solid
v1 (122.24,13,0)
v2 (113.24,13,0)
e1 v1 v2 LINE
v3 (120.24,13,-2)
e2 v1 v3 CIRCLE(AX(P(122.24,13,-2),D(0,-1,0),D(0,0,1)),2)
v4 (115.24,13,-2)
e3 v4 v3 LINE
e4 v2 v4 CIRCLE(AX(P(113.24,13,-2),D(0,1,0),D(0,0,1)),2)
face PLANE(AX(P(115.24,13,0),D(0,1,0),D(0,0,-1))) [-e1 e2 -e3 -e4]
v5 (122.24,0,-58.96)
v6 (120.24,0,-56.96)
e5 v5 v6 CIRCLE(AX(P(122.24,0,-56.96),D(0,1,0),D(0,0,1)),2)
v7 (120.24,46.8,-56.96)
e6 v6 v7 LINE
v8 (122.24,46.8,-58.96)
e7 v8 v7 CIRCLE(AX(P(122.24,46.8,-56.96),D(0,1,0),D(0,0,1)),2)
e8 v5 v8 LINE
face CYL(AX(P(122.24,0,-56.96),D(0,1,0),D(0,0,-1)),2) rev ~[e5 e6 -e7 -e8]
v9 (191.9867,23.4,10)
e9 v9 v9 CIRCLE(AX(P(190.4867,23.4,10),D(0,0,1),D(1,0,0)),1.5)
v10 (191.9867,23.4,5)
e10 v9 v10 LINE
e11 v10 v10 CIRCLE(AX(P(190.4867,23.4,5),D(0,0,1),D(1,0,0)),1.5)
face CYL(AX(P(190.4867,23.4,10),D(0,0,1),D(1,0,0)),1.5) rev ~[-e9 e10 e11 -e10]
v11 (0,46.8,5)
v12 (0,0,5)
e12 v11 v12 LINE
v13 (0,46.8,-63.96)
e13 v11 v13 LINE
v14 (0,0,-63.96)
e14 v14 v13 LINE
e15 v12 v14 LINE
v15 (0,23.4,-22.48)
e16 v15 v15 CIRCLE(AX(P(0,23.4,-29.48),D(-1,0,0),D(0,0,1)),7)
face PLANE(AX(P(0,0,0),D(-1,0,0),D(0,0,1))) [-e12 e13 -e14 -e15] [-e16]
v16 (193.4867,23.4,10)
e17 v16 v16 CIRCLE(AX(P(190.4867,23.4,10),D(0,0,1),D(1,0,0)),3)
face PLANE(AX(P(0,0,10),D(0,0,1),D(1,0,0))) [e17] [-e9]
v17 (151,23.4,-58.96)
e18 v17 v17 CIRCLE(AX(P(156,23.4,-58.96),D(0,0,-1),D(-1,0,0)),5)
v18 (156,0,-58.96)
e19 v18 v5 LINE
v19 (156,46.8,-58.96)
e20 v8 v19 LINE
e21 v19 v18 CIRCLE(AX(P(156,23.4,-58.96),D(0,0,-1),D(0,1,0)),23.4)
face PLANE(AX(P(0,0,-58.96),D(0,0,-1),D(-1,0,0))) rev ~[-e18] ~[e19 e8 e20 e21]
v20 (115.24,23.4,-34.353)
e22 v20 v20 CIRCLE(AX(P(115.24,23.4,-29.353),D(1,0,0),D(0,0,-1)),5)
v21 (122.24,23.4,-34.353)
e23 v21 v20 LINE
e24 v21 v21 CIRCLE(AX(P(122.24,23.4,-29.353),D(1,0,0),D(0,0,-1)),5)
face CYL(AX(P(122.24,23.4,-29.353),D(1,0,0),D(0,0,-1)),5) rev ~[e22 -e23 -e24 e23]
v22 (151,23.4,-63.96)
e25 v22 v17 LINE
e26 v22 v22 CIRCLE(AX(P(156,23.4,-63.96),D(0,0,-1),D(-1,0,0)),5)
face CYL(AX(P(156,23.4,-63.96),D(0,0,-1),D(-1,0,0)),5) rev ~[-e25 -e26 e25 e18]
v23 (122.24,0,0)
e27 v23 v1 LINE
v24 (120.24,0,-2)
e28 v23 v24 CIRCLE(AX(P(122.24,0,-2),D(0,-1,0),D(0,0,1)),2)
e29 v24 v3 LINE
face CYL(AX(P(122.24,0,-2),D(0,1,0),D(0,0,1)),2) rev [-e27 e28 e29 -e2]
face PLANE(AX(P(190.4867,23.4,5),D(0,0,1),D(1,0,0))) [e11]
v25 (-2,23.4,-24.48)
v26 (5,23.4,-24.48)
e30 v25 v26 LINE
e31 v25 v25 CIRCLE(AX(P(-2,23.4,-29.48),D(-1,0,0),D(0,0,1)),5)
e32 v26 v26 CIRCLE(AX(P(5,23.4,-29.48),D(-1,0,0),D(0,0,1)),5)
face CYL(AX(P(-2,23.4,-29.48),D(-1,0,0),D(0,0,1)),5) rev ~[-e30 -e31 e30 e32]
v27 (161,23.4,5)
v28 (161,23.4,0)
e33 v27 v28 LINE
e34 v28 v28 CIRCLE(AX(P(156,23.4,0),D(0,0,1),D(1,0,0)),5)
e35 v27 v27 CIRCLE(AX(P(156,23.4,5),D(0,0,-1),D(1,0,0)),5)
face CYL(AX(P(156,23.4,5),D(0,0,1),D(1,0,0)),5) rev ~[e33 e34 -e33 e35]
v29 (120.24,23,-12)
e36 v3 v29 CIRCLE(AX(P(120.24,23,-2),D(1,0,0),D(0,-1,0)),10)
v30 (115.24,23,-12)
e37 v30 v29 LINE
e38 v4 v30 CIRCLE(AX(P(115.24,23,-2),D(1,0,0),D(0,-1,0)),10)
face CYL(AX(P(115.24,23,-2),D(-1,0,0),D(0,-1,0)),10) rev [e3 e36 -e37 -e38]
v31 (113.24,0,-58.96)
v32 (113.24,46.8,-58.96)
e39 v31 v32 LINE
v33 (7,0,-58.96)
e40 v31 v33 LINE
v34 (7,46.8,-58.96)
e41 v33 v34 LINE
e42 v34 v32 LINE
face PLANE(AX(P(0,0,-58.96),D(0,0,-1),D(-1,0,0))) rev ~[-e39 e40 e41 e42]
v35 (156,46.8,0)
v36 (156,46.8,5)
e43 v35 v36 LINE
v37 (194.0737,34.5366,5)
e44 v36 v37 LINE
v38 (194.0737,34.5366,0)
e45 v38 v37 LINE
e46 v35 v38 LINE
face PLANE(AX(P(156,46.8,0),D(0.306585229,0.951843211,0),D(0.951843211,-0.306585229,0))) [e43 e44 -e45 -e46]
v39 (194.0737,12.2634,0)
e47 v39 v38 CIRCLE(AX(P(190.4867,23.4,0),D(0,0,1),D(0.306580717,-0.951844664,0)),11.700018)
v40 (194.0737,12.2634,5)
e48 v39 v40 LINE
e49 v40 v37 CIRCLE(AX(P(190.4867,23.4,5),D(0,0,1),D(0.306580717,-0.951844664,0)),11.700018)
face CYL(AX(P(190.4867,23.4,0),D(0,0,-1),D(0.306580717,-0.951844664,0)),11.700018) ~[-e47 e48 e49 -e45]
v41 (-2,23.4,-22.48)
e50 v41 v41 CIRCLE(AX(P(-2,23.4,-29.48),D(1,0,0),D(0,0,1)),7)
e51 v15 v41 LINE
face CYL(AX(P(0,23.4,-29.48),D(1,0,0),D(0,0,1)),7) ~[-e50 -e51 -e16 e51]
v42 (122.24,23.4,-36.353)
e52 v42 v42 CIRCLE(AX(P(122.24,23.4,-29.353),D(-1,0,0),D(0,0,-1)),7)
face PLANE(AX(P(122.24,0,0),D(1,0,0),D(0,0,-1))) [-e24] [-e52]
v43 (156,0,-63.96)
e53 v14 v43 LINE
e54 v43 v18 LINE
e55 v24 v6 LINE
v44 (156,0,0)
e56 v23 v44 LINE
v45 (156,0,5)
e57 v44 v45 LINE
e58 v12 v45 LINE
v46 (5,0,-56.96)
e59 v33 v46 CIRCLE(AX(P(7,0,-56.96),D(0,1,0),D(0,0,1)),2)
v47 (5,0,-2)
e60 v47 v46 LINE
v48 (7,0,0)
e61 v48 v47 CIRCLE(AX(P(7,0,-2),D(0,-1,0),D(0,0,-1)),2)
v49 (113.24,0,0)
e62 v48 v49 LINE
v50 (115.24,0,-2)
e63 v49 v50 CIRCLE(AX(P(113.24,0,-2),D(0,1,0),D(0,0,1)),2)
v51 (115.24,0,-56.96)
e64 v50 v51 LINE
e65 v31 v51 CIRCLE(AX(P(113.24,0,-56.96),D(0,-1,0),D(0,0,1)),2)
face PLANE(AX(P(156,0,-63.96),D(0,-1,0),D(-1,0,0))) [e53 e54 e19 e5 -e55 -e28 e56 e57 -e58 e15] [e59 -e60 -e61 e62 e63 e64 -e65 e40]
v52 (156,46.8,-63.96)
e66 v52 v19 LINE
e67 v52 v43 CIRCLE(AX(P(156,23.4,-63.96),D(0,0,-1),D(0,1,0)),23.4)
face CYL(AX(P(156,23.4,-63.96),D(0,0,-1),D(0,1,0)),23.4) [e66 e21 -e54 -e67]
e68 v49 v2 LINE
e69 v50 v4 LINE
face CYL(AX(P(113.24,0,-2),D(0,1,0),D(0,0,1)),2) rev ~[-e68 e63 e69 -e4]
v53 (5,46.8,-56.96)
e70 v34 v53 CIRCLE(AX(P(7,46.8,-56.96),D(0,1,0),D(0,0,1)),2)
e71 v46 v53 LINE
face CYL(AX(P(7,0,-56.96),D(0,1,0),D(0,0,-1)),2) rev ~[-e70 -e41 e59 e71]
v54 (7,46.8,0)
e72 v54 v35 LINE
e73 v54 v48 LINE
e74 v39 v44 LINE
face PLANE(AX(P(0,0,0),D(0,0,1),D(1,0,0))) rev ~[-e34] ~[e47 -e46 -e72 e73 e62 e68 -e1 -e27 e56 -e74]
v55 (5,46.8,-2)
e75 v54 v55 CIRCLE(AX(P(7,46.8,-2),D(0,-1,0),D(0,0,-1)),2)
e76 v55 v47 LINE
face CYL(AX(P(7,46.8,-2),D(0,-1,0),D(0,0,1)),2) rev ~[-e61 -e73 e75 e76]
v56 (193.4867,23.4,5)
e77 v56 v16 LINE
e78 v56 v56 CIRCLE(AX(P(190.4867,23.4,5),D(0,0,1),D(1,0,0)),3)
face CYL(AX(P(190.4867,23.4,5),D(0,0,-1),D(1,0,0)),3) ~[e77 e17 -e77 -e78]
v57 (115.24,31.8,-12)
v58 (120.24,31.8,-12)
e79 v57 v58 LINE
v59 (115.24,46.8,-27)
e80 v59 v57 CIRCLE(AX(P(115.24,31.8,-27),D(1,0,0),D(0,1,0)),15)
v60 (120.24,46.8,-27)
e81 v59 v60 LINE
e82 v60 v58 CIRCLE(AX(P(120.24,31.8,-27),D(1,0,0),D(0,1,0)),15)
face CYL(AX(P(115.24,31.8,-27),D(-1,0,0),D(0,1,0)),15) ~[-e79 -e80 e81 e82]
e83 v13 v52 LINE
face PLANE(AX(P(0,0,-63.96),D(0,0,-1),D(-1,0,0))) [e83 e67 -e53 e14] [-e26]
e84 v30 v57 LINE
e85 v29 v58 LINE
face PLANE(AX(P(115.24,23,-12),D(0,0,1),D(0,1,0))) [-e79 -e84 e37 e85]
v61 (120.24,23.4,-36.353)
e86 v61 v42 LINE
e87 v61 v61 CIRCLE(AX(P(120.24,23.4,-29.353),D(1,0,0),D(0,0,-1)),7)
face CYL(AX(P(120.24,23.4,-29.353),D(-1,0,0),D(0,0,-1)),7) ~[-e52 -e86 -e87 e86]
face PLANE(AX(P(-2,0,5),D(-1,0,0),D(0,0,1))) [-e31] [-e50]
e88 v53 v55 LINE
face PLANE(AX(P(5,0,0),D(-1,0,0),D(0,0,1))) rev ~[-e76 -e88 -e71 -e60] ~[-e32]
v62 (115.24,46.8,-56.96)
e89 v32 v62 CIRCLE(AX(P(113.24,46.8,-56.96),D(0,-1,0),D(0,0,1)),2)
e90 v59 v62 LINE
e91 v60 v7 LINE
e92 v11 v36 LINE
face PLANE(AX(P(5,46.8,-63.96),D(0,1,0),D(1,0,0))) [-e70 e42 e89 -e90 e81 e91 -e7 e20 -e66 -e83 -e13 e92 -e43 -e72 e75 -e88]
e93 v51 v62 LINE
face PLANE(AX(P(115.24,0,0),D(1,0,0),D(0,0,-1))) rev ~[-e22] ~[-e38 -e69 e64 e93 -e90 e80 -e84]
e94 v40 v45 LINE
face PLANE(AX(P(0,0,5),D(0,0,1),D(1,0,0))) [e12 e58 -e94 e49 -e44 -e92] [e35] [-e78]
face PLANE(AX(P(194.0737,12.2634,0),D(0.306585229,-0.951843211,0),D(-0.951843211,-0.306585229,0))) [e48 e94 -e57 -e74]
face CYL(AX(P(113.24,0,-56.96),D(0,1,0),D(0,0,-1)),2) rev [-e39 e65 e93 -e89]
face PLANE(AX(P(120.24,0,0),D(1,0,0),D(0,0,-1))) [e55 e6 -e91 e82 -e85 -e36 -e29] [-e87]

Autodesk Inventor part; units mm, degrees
ref_plane "YZ Plane" through (0, 0, 0) normal (1, 0, 0) x (0, 1, 0)
ref_plane "XZ Plane" through (0, 0, 0) normal (0, 1, 0) x (-1, 0, 0)
ref_plane "XY Plane" through (0, 0, 0) normal (0, 0, 1) x (1, 0, 0)
sketch "Esquisse1" plane through (0, 0, 0) normal (0, 0, 1) x (1, 0, 0)
  point P0 (0, 0)
sketch "Esquisse2" plane through (0, 0, 0) normal (0, 0, 1) x (1, 0, 0)
  line L0 (0, 0) -> (156, 0)
  line L1 (0, 46.8) -> (0, 0)
  line L2 (194.0737, 12.2634) -> (156, 0)
  arc A0 (194.0737, 12.2634) -> (194.0737, 34.5366) centre (190.4867, 23.4) ccw
  line L3 (0, 46.8) -> (156, 46.8)
  line L4 (156, 46.8) -> (194.0737, 34.5366)
  dimension "d0" = 156
  dimension "d1" = 46.8
  dimension "d2" = 11.7
  dimension "d4" = 40
  dimension "d6" = 40
extrude "Extrusion1" add sketch "Esquisse2" along normal blind 5
sketch "Esquisse3" plane through (0, 0, 5) normal (0, 0, 1) x (1, 0, 0)
  line L0 (194.0737, 34.5366) -> (156, 46.8) projected
  line L1 (156, 46.8) -> (156, 0)
  circle A0 centre (156, 23.4) radius 5
  point P0 (0, 0)
  dimension "d11" = 23.4
  dimension "d12" = 10
extrude "Extrusion2" cut sketch "Esquisse3" against normal blind 5
sketch "Esquisse4" plane through (0, 0, 5) normal (0, 0, 1) x (1, 0, 0)
  point P0 (0, 0)
sketch "Esquisse5" plane through (0, 0, 5) normal (0, 0, 1) x (1, 0, 0)
  arc A0 (194.0737, 12.2634) -> (194.0737, 34.5366) centre (190.4867, 23.4) ccw projected
  circle A1 centre (190.4867, 23.4) radius 3
  point P0 (0, 0)
  point P1 (194.0737, 12.2634)
  dimension "d17" = 6
extrude "Extrusion3" add sketch "Esquisse5" along normal blind 5
sketch "Esquisse6" plane through (190.4867, 23.4, 10) normal (0, 0, 1) x (1, 0, 0)
  circle A0 centre (0, 0) radius 1.5
  point P0 (-190.4867, -23.4)
  dimension "d20" = 3
extrude "Extrusion4" cut sketch "Esquisse6" against normal blind 5
sketch "Esquisse7" plane through (0, 0, 0) normal (-1, 0, 0) x (0, 0, 1)
  line L0 (0, 0) -> (-63.96, 0)
  line L1 (-63.96, 0) -> (-63.96, 46.8)
  line L2 (-63.96, 46.8) -> (0, 46.8)
  line L3 (0, 46.8) -> (0, 0)
  dimension "d23" = 63.96
  dimension "d24" = 46.8
extrude "Extrusion5" add sketch "Esquisse7" against normal blind 5
sketch "Esquisse8" plane through (0, 0, 5) normal (-1, 0, 0) x (0, 0, 1)
  line L0 (-68.96, 46.8) -> (0, 46.8) projected
  line L1 (-68.96, 46.8) -> (0, 0)
  line L2 (0, 46.8) -> (-68.96, 0)
  circle A0 centre (-34.48, 23.4) radius 7
  point P0 (-5, 0)
  dimension "d27" = 14
extrude "Extrusion6" add sketch "Esquisse8" along normal blind 2 contours A0 L2 L1 | L1 L2 A0 | A0 L1 L2 | L1 A0 L2
sketch "Esquisse9" plane through (-2, 23.4, -29.48) normal (-1, 0, 0) x (0, 0, 1)
  circle A0 centre (0, 0) radius 5
  point P0 (29.48, -23.4)
  dimension "d30" = 10
extrude "Extrusion7" cut sketch "Esquisse9" against normal blind 7
sketch "Esquisse10" plane through (0, 0, -63.96) normal (0, 0, -1) x (-1, 0, 0)
  line L0 (-5, 0) -> (-5, 46.8) projected
  line L1 (-5, 46.8) -> (-156, 46.8)
  line L2 (-156, 0) -> (-5, 0)
  line L3 (-5, 0) -> (-5, 46.8)
  arc A0 (-156, 46.8) -> (-156, 0) centre (-156, 23.4) ccw
  point P0 (0, 0)
  dimension "d33" = 151
extrude "Extrusion8" add sketch "Esquisse10" against normal blind 5
sketch "Esquisse11" plane through (0, 0, -63.96) normal (0, 0, -1) x (-1, 0, 0)
  arc A0 (-156, 46.8) -> (-156, 0) centre (-156, 23.4) ccw projected
  circle A1 centre (-156, 23.4) radius 5
  point P0 (0, 0)
  dimension "d36" = 10
extrude "Extrusion9" cut sketch "Esquisse11" against normal blind 5
ref_plane "Plan de construction1" through (115.24, 0, 0) normal (1, 0, 0) x (0, 0, -1)
sketch "Esquisse12" plane through (115.24, 0, 0) normal (1, 0, 0) x (0, 0, -1)
  line L0 (0, 0) -> (0, 13)
  line L1 (0, 0) -> (0, 46.8) projected
  line L2 (0, 13) -> (2, 13)
  line L3 (0, 0) -> (58.96, 0)
  line L4 (58.96, 0) -> (58.96, 46.8)
  line L5 (12, 23) -> (12, 31.8)
  line L6 (27, 46.8) -> (58.96, 46.8)
  arc A0 (2, 13) -> (12, 23) centre (2, 23) ccw
  arc A1 (27, 46.8) -> (12, 31.8) centre (27, 31.8) ccw
  point P0 (12, 13)
  dimension "d40" = 13
  dimension "d41" = 12
  dimension "d42" = 46.8
  dimension "d44" = 10
  dimension "d45" = 15
extrude "Extrusion10" add sketch "Esquisse12" along normal blind 5
fillet "Congé1" radius 2 4 edges at (120.24, 6.5, 0) (120.24, 23.4, -58.96) (115.24, 23.4, -58.96) (115.24, 6.5, 0)
fillet "Congé2" radius 2 2 edges at (5, 23.4, 0) (5, 23.4, -58.96)
sketch "Esquisse13" plane through (120.24, 0, 0) normal (1, 0, 0) x (0, 0, -1)
  line L0 (63.96, 46.8) -> (-5, 46.8) projected
  line L1 (0, 46.8) -> (58.706, 0)
  line L2 (58.706, 46.8) -> (0, 0)
  circle A0 centre (29.353, 23.4) radius 7
  dimension "d51" = 14
extrude "Extrusion11" add sketch "Esquisse13" along normal blind 2 contours A0 L1 L2 | L2 L1 A0 | L1 L2 A0 | L1 A0 L2
sketch "Esquisse14" plane through (122.24, 23.4, -29.353) normal (1, 0, 0) x (0, 0, -1)
  circle A0 centre (0, 0) radius 5
  point P0 (-29.353, -23.4)
  dimension "d54" = 10
extrude "Extrusion12" cut sketch "Esquisse14" against normal blind 7
properties part number "Right forearm" material "Plastique ABS"
